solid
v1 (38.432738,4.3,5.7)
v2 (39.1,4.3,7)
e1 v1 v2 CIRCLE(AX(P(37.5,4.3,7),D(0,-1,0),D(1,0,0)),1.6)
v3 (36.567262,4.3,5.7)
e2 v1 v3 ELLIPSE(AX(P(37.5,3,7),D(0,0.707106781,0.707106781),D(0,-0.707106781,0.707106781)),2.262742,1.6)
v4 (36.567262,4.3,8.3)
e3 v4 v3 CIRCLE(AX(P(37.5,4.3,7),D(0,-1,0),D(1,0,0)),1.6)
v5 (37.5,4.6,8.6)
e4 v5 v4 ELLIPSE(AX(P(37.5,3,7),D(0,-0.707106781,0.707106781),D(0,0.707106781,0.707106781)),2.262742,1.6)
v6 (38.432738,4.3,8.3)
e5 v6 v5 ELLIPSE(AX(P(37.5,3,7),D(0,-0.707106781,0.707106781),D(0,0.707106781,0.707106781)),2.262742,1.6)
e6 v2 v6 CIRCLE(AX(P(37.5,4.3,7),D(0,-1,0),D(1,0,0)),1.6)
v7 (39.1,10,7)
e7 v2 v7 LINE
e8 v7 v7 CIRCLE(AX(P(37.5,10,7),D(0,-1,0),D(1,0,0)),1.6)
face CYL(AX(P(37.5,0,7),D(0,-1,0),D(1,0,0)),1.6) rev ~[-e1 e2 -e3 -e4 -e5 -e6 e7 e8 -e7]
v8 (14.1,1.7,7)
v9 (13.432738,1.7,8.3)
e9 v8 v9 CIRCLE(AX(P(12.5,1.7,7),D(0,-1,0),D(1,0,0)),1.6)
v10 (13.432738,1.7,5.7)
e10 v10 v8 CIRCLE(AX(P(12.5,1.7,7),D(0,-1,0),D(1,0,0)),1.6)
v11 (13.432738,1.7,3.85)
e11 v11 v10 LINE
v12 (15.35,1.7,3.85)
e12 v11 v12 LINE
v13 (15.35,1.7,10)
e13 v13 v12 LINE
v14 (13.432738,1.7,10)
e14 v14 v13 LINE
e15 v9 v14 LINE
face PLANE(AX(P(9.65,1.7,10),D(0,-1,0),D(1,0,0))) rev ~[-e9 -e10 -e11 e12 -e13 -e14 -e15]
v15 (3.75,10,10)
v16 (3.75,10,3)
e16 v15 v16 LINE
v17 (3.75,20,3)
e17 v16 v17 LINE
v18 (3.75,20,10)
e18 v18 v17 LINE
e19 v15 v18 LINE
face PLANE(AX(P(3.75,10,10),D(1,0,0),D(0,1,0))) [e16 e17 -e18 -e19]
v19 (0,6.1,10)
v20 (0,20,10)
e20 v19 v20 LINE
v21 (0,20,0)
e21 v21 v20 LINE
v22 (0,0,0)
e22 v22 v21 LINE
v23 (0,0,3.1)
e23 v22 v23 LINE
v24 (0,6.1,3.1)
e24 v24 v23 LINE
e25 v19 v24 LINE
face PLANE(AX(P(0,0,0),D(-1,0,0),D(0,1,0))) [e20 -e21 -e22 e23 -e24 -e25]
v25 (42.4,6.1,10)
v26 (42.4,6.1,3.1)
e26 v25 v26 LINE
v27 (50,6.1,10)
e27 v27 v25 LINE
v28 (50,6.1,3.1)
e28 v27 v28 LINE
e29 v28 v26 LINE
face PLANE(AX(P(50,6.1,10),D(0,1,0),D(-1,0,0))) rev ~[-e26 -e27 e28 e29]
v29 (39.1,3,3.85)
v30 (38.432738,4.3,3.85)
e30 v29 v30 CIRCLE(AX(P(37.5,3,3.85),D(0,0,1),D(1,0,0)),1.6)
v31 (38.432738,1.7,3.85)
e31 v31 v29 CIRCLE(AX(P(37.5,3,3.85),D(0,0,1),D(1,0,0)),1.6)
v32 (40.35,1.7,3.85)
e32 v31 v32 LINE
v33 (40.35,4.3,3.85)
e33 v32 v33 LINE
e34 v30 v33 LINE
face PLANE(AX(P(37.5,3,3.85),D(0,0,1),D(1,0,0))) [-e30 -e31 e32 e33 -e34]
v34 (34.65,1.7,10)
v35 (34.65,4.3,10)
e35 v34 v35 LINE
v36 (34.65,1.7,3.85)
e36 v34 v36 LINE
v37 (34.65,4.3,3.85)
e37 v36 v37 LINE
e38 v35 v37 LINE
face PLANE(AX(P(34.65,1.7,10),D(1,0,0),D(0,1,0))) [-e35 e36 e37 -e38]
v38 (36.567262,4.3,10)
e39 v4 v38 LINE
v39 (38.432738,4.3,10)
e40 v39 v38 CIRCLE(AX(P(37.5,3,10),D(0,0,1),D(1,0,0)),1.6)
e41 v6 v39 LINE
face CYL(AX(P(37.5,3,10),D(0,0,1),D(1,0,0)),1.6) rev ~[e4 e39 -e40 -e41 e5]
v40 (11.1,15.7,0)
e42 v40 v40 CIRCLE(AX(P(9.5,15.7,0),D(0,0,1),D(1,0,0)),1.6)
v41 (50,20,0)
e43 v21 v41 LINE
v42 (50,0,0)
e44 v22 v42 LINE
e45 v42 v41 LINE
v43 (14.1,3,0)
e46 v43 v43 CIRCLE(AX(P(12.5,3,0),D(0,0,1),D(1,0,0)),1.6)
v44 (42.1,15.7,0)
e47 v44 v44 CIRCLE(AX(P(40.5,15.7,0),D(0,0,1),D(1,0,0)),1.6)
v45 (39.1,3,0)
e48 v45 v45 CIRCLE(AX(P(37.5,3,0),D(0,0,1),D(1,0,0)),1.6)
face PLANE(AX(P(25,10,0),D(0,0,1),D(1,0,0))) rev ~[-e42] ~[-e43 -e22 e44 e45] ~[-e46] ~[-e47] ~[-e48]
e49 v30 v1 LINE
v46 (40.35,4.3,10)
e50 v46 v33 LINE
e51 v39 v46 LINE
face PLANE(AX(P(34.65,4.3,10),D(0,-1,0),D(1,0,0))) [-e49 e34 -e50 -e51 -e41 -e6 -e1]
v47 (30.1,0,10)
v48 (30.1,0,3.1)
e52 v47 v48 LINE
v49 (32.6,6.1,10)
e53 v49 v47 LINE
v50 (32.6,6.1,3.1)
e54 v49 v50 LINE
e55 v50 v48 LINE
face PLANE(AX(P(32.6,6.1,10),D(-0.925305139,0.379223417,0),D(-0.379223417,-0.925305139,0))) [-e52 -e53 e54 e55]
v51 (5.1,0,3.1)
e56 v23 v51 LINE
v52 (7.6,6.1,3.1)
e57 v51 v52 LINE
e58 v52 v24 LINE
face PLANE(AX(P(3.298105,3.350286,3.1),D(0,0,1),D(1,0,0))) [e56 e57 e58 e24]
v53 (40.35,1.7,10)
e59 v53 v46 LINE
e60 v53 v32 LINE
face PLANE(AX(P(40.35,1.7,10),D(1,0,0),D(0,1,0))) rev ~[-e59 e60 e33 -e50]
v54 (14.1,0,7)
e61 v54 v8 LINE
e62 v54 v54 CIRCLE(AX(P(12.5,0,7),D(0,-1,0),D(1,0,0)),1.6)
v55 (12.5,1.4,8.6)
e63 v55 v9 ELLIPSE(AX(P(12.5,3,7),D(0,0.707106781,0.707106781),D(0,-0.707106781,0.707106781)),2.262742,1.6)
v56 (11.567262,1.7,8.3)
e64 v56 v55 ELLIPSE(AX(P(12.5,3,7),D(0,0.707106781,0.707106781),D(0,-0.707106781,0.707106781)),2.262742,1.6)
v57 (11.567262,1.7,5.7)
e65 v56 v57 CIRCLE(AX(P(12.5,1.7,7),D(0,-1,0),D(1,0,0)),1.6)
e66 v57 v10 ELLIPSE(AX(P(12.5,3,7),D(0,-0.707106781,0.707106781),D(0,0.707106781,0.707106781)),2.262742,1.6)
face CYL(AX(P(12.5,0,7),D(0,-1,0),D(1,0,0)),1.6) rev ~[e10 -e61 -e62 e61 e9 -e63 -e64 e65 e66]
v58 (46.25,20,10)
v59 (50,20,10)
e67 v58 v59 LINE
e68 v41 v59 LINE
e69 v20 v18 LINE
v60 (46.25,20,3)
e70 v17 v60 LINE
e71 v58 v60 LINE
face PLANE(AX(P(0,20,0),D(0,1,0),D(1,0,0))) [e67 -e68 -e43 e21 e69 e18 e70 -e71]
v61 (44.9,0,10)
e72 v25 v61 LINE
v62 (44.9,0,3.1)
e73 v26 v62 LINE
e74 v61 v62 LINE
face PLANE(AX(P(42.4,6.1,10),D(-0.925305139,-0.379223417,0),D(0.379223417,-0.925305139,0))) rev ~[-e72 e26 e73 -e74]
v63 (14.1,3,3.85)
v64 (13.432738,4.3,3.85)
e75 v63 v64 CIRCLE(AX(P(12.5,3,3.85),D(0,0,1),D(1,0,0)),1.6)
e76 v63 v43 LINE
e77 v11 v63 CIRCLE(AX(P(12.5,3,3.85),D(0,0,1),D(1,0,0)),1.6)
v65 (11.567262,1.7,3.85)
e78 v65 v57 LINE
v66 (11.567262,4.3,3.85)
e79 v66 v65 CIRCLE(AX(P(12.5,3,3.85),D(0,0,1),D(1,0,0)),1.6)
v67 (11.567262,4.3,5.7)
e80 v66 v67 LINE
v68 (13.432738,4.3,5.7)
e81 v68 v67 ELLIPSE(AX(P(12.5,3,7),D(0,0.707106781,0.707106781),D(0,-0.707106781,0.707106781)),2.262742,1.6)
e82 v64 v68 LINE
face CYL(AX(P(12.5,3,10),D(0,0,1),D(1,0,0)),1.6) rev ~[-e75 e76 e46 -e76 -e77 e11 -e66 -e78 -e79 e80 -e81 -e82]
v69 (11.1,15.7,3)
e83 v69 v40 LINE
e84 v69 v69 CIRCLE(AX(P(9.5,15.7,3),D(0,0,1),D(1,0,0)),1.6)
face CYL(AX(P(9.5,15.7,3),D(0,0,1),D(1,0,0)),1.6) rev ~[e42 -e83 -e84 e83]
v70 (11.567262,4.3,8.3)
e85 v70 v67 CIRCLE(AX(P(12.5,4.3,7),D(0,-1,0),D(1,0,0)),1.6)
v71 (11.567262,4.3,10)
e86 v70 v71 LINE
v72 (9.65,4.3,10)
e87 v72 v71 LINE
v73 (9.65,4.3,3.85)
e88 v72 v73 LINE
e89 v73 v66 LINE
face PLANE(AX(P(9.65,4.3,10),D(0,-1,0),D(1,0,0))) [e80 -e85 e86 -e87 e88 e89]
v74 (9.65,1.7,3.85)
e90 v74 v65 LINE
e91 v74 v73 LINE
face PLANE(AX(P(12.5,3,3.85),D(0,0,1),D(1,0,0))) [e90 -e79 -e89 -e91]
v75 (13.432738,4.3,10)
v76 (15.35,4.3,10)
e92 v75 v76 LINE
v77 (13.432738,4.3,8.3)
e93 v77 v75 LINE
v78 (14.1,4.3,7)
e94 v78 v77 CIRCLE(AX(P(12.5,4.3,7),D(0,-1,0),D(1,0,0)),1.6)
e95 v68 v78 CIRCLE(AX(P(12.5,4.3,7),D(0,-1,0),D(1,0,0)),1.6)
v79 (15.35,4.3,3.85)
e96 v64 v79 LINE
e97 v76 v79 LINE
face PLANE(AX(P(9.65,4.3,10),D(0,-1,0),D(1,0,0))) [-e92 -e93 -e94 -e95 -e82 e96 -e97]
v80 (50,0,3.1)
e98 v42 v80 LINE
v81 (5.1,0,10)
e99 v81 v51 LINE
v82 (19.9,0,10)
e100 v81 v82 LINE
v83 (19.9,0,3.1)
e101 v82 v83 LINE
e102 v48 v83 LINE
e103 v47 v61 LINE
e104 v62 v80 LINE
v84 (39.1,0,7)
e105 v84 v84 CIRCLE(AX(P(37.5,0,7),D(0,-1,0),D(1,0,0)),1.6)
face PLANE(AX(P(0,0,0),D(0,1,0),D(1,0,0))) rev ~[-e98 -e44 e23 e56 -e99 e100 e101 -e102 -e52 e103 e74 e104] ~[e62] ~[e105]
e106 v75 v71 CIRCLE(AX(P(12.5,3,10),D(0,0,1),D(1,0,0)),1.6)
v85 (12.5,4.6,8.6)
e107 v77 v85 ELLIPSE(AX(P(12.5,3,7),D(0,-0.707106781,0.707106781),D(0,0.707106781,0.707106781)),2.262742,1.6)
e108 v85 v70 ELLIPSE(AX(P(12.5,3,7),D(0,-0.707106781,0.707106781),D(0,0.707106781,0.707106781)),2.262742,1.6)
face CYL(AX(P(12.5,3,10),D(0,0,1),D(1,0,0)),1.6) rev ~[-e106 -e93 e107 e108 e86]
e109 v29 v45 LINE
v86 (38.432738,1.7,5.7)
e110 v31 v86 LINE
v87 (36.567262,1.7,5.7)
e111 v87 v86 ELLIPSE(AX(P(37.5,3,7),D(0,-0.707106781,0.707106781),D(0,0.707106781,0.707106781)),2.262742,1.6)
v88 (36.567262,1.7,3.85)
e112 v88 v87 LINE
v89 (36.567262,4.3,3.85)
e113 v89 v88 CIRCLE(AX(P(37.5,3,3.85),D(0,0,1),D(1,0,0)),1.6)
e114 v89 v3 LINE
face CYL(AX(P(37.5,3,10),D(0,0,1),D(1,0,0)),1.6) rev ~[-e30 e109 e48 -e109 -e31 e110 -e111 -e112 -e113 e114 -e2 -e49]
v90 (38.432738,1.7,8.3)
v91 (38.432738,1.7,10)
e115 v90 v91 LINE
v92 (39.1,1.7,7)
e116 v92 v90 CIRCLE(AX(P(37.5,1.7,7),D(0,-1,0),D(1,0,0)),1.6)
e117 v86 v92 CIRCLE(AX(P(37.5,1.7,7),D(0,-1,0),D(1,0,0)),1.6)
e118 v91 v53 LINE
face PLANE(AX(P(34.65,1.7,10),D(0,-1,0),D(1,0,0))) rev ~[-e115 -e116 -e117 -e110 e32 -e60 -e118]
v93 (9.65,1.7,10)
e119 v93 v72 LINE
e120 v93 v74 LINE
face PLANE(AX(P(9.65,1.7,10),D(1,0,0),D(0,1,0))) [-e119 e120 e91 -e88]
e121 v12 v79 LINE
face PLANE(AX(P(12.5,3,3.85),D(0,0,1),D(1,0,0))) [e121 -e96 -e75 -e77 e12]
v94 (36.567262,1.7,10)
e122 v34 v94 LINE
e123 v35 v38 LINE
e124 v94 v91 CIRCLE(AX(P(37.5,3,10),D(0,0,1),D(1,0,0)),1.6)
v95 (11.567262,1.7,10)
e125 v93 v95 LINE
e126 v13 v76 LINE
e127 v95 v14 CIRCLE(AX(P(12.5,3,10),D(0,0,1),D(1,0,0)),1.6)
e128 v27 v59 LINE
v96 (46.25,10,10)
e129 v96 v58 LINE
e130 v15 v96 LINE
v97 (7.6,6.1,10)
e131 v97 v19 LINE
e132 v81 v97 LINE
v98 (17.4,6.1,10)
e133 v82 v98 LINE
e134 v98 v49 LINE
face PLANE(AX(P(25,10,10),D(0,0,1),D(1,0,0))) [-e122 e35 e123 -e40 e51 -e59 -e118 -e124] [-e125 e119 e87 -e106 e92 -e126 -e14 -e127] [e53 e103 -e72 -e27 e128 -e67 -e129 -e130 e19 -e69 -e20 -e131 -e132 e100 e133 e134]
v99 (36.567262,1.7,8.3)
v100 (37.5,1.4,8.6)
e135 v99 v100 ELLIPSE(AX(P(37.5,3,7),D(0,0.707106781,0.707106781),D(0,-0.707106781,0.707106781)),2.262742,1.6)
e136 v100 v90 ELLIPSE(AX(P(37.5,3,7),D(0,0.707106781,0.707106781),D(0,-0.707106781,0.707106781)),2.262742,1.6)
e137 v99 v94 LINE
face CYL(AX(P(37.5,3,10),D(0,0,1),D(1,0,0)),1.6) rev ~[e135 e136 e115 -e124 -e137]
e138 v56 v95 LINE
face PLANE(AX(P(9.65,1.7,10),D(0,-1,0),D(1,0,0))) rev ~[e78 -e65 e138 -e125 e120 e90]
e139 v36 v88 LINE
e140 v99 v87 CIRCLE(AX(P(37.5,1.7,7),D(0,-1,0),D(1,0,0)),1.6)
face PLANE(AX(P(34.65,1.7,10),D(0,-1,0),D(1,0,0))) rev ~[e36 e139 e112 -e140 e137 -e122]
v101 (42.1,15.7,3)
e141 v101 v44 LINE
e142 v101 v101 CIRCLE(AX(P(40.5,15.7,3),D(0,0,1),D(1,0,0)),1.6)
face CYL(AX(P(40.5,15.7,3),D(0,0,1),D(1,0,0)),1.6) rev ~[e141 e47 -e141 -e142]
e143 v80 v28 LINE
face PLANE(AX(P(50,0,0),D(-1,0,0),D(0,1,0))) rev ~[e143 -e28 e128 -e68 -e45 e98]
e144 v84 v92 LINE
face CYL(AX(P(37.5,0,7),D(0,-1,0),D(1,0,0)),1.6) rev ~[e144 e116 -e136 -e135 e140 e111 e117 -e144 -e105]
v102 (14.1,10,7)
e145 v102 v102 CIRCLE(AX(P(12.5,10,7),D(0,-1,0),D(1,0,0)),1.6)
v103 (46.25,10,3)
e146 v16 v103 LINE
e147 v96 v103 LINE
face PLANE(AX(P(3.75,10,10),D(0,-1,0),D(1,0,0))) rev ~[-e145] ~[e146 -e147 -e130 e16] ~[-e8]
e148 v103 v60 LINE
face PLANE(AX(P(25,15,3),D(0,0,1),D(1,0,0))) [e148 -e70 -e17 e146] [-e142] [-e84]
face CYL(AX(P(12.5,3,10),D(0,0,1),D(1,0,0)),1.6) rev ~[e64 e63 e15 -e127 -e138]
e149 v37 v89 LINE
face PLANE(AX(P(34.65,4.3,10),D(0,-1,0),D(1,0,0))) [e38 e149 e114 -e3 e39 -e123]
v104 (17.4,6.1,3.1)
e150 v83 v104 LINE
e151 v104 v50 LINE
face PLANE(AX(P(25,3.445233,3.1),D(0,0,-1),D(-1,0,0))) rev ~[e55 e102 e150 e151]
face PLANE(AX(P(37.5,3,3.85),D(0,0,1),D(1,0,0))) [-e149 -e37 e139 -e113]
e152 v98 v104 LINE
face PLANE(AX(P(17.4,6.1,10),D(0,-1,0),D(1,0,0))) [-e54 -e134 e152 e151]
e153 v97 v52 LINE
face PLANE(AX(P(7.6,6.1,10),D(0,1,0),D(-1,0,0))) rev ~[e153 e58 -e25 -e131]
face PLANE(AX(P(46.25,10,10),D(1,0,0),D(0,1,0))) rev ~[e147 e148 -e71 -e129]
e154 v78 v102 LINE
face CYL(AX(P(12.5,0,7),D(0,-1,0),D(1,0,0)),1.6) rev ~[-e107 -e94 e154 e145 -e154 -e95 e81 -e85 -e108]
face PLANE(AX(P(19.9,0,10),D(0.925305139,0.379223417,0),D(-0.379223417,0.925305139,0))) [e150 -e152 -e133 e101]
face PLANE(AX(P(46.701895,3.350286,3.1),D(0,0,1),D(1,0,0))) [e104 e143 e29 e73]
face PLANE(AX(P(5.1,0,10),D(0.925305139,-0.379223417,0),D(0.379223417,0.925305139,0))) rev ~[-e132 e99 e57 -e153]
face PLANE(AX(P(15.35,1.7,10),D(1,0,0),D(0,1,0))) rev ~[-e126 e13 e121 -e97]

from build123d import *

# Parameters (mm, degrees)
SKETCH_W        = 50
SKETCH_H        = 20
PAD_DEPTH       = 10
SKETCH001_W     = 42.5
SKETCH001_H     = 10
POCKET_DEPTH    = 7
SKETCH002_R     = 1.6
POCKET001_DEPTH = 5
POCKET002_DEPTH = 6.9
SKETCH004_R     = 1.6
POCKET003_DEPTH = 10
SKETCH005_W     = 5.7
SKETCH005_H     = 2.6
POCKET004_DEPTH = 6.15
SKETCH006_R     = 1.6
POCKET005_DEPTH = 10


with BuildPart() as part:
    # Sketch → Pad (new body)
    with BuildSketch(Plane.XY):
        with Locations((25, 10)):
            Rectangle(SKETCH_W, SKETCH_H)
    extrude(amount=PAD_DEPTH)

    # Sketch001 (on Face6 of Pad) → Pocket (cut)
    with BuildSketch(Plane.XY.offset(10)):
        with Locations((25, 15)):
            Rectangle(SKETCH001_W, SKETCH001_H)
    extrude(amount=-POCKET_DEPTH, mode=Mode.SUBTRACT)

    # Sketch002 (on Face6 of Pocket) → Pocket001 (cut)
    with BuildSketch(Plane.XY.offset(3)):
        with Locations((9.5, 15.7)):
            Circle(SKETCH002_R)
        with Locations((40.5, 15.7)):
            Circle(SKETCH002_R)
    extrude(amount=-POCKET001_DEPTH, mode=Mode.SUBTRACT)

    # Sketch003 (on Face4 of Pocket001) → Pocket002 (cut)
    with BuildSketch(Plane.XY.offset(10)):
        Polygon((5.1, 0), (7.6, 6.1), (0, 6.1), (0, 0), align=None)
        Polygon((19.9, 0), (17.4, 6.1), (32.6, 6.1), (30.1, 0), align=None)
        Polygon((42.4, 6.1), (44.9, 0), (50, 0), (50, 6.1), align=None)
    extrude(amount=-POCKET002_DEPTH, mode=Mode.SUBTRACT)

    # Sketch004 (on Face4 of Pocket002) → Pocket003 (cut)
    with BuildSketch(Plane.XY.offset(10)):
        with Locations((12.5, 3)):
            Circle(SKETCH004_R)
        with Locations((37.5, 3)):
            Circle(SKETCH004_R)
    extrude(amount=-POCKET003_DEPTH, mode=Mode.SUBTRACT)

    # Sketch005 (on Face4 of Pocket003) → Pocket004 (cut)
    with BuildSketch(Plane.XY.offset(10)):
        with Locations((12.5, 3)):
            Rectangle(SKETCH005_W, SKETCH005_H)
        with Locations((37.5, 3)):
            Rectangle(SKETCH005_W, SKETCH005_H)
    extrude(amount=-POCKET004_DEPTH, mode=Mode.SUBTRACT)

    # Sketch006 (on Face9 of Pocket004) → Pocket005 (cut)
    with BuildSketch(Plane.XZ):
        with Locations((12.5, 7)):
            Circle(SKETCH006_R)
        with Locations((37.5, 7)):
            Circle(SKETCH006_R)
    extrude(amount=-POCKET005_DEPTH, mode=Mode.SUBTRACT)


solid = part.part
